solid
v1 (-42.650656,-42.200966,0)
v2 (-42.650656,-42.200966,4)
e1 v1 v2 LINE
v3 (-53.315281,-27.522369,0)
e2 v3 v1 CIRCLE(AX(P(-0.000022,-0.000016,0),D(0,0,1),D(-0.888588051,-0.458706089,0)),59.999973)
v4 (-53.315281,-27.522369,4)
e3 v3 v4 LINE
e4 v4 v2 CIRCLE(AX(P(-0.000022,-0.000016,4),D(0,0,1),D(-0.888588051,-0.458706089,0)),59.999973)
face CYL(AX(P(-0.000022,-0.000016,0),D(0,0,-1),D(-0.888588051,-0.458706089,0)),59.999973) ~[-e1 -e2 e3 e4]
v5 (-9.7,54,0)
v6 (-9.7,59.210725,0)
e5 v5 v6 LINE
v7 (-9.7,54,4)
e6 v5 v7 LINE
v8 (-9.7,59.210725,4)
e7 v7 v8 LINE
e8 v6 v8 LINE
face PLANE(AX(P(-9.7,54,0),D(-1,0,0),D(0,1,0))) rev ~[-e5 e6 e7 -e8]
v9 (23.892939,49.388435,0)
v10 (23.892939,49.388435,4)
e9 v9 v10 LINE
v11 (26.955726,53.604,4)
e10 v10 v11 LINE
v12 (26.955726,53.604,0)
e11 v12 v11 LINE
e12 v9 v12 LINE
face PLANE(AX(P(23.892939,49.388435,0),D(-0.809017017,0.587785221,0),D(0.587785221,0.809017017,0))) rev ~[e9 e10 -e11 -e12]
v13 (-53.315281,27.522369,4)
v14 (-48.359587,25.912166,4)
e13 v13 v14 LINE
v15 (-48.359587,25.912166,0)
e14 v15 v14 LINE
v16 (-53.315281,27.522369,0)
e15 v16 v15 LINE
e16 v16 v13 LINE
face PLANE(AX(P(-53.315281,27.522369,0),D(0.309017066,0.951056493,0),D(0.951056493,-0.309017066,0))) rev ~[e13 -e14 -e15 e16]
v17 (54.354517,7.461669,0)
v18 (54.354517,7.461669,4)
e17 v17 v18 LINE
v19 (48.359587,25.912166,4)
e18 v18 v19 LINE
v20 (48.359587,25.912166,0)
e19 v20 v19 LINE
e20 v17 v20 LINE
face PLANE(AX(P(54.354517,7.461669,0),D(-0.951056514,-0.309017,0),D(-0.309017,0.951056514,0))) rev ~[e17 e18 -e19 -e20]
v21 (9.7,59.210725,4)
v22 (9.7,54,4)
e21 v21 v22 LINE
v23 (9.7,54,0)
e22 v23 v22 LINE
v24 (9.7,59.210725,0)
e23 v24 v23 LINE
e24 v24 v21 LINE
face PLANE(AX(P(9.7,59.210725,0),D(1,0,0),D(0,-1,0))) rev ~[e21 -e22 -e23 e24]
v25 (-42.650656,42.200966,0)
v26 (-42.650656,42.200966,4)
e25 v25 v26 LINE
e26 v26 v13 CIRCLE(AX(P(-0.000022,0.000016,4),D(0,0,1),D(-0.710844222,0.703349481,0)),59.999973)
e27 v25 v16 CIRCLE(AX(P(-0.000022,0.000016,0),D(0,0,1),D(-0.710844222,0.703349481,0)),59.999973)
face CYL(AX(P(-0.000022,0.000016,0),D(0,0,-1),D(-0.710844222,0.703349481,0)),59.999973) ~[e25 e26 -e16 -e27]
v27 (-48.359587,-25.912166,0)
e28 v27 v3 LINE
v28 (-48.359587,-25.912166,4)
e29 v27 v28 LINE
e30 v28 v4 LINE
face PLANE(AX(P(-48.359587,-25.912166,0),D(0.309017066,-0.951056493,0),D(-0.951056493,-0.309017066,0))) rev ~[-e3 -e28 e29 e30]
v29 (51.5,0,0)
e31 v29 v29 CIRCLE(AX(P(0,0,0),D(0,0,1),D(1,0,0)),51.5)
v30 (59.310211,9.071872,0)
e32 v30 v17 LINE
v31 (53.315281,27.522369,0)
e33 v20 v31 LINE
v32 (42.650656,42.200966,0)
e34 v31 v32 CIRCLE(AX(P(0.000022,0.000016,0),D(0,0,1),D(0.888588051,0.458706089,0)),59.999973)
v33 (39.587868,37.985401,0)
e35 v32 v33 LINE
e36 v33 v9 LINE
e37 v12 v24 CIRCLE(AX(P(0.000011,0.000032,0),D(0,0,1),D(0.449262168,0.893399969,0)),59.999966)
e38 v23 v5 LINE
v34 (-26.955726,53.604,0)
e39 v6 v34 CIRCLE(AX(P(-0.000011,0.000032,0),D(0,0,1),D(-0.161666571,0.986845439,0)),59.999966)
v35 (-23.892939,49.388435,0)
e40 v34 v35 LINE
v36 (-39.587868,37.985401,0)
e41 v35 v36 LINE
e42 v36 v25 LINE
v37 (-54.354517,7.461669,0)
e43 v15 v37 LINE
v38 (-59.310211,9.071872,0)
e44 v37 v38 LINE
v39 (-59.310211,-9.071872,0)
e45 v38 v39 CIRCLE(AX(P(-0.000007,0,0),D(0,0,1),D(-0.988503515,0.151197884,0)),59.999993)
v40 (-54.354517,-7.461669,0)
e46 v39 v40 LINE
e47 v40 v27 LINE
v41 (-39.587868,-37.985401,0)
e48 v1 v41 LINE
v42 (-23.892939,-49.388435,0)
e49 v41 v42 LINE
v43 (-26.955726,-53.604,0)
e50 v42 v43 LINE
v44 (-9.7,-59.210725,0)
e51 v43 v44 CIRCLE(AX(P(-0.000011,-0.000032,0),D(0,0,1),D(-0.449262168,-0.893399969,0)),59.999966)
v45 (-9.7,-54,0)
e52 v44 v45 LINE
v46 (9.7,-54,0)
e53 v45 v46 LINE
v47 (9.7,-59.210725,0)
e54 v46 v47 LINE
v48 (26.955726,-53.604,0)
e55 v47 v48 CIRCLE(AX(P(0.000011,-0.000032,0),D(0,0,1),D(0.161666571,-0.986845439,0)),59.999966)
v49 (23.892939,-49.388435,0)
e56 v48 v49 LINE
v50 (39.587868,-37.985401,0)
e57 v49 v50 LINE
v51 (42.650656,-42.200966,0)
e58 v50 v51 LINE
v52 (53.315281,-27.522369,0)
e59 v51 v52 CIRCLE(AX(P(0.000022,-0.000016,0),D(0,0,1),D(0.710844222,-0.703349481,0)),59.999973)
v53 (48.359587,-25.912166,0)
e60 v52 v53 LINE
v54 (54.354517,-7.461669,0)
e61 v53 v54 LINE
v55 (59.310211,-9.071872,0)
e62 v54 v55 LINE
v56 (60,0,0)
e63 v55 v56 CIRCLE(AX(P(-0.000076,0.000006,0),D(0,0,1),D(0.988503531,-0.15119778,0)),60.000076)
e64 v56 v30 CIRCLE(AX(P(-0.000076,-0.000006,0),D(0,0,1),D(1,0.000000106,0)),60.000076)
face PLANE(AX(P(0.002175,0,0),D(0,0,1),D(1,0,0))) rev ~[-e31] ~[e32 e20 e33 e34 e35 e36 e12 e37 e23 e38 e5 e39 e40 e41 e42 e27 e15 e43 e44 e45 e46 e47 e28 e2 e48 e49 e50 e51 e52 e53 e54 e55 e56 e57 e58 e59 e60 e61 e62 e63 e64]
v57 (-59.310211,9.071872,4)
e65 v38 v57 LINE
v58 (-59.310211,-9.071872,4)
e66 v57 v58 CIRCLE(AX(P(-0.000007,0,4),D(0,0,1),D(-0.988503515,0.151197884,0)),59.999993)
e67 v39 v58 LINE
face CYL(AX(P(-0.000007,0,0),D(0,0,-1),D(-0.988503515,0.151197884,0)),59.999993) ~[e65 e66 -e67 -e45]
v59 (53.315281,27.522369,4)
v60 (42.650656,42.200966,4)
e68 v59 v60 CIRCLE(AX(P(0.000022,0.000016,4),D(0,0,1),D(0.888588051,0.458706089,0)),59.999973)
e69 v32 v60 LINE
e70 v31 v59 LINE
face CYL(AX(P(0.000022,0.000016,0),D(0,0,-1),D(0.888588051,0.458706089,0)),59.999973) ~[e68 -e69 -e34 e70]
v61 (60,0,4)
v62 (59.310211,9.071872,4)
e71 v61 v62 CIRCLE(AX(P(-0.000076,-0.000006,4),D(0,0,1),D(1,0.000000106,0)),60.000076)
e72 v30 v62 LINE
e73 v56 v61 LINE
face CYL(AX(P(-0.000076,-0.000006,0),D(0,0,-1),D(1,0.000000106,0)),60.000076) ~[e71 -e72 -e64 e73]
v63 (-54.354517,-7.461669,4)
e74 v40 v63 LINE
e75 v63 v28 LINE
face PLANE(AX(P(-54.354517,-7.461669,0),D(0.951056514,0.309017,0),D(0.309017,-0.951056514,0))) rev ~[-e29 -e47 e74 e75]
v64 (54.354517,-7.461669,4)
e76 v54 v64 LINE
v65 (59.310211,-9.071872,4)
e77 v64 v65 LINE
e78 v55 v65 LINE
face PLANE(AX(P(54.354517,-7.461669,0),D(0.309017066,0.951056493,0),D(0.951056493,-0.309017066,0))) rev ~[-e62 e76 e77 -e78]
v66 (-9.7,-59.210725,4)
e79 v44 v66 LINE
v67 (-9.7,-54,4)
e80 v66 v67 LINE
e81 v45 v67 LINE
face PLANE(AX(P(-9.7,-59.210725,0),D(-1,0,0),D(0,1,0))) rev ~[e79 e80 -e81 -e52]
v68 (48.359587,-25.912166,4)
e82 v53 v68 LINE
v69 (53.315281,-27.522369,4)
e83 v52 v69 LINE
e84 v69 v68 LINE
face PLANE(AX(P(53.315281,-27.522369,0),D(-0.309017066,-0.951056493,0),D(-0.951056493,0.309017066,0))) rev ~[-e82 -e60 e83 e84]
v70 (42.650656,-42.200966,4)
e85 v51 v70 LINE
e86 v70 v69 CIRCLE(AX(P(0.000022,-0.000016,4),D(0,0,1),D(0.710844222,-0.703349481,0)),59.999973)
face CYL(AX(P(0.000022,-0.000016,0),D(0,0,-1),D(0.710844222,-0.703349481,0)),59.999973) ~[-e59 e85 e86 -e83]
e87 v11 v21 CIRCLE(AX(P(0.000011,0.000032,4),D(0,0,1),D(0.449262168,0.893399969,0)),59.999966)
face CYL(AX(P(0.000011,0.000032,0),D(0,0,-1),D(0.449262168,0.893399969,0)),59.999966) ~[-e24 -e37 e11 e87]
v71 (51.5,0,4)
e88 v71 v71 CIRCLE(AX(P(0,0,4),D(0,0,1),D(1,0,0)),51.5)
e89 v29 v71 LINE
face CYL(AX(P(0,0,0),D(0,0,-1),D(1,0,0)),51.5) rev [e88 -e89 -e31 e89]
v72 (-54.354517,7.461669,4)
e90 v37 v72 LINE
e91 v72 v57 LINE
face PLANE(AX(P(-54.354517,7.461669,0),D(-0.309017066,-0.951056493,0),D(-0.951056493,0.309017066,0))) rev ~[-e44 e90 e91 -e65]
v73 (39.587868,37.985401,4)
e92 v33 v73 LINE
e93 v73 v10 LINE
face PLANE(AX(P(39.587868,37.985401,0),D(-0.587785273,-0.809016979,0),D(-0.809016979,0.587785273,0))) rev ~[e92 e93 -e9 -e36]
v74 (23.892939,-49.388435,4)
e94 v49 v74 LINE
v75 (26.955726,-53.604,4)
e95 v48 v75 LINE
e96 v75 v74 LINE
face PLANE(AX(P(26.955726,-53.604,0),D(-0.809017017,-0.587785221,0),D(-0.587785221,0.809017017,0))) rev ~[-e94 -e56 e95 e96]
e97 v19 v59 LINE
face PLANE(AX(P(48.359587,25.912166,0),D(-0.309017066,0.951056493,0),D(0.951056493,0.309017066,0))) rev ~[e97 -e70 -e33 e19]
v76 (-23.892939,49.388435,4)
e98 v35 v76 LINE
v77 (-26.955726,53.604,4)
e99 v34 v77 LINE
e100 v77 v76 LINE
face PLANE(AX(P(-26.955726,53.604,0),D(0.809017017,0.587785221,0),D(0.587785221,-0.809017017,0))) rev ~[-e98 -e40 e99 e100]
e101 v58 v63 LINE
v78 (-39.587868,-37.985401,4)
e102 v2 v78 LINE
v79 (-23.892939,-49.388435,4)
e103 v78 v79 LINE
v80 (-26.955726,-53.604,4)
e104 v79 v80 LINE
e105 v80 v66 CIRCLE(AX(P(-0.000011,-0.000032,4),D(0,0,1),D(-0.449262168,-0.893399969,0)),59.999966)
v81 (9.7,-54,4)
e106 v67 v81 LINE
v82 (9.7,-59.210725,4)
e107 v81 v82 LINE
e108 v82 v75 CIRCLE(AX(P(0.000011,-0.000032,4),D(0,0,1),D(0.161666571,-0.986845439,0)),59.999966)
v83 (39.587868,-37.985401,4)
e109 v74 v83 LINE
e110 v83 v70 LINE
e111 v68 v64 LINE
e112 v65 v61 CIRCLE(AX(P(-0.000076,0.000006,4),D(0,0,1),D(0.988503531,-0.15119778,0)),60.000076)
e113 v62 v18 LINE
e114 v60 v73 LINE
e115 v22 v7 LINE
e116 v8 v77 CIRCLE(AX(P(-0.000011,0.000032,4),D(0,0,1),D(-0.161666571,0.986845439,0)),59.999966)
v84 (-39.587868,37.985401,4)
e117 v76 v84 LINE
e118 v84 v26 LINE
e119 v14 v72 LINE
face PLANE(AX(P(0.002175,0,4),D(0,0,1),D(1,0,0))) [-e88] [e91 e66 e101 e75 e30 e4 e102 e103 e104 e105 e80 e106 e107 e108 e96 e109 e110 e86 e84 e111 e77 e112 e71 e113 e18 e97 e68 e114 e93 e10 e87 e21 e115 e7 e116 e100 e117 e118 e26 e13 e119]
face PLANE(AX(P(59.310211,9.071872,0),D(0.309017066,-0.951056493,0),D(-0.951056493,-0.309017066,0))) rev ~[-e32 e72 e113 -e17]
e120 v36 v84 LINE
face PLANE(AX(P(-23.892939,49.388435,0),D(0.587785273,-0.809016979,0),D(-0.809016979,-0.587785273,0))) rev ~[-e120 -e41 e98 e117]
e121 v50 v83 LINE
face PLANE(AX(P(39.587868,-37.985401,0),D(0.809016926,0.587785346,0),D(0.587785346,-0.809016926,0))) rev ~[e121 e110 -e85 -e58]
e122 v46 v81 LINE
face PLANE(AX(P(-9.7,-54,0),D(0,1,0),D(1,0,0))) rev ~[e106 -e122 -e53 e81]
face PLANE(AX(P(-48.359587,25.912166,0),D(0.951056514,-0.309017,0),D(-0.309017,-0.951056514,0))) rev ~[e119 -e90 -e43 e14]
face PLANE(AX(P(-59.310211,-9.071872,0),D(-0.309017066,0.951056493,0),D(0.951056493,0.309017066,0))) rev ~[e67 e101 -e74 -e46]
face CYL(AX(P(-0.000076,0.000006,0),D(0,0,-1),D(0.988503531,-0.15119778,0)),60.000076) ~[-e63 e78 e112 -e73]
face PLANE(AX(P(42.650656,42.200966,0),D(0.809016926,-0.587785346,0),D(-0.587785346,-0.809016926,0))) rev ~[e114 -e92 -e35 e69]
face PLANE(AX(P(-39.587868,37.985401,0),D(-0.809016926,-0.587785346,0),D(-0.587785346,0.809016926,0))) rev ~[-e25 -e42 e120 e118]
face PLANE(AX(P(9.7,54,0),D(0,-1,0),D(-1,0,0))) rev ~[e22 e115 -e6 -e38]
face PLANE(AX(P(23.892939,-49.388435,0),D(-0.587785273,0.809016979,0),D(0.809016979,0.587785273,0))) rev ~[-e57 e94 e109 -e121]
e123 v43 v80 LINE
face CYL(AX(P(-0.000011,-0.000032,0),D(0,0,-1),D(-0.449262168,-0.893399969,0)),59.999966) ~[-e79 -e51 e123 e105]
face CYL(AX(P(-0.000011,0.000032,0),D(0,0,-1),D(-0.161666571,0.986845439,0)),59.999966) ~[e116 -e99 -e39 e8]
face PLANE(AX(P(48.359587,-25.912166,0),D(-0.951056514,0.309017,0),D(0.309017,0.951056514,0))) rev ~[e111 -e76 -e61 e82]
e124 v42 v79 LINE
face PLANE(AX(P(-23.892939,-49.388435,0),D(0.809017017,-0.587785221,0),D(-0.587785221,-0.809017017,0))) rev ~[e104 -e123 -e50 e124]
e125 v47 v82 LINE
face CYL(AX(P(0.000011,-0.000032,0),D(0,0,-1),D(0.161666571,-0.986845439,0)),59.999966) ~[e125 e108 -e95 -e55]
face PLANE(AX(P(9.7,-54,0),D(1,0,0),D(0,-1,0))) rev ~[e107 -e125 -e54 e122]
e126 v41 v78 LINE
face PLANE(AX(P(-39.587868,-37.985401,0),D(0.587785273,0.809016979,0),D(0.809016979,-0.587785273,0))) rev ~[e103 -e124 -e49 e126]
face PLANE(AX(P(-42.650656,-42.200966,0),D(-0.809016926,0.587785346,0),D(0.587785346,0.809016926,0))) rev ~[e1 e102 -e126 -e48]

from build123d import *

# Parameters (mm, degrees)
F1_R     = 51.5
F2_DEPTH = 4


with BuildPart() as f2:
    # F1 (on Top) → F2 (new body)
    with BuildSketch(Plane.XY):
        with BuildLine():
            ThreePointArc((59.310211, -9.071872), (59.827304, -4.549029), (60, 0))
            ThreePointArc((60, 0), (59.827304, 4.549029), (59.310211, 9.071872))
            Line((59.310211, 9.071872), (54.354517, 7.461669))
            Line((54.354517, 7.461669), (48.359587, 25.912166))
            Line((48.359587, 25.912166), (53.315281, 27.522369))
            ThreePointArc((53.315281, 27.522369), (48.54102, 35.267115), (42.650656, 42.200966))
            Line((42.650656, 42.200966), (39.587868, 37.985401))
            Line((39.587868, 37.985401), (23.892939, 49.388435))
            Line((23.892939, 49.388435), (26.955726, 53.604))
            ThreePointArc((26.955726, 53.604), (18.54102, 57.063391), (9.7, 59.210725))
            Line((9.7, 59.210725), (9.7, 54))
            Line((9.7, 54), (-9.7, 54))
            Line((-9.7, 54), (-9.7, 59.210725))
            ThreePointArc((-9.7, 59.210725), (-18.54102, 57.063391), (-26.955726, 53.604))
            Line((-26.955726, 53.604), (-23.892939, 49.388435))
            Line((-23.892939, 49.388435), (-39.587868, 37.985401))
            Line((-39.587868, 37.985401), (-42.650656, 42.200966))
            ThreePointArc((-42.650656, 42.200966), (-48.54102, 35.267115), (-53.315281, 27.522369))
            Line((-53.315281, 27.522369), (-48.359587, 25.912166))
            Line((-48.359587, 25.912166), (-54.354517, 7.461669))
            Line((-54.354517, 7.461669), (-59.310211, 9.071872))
            ThreePointArc((-59.310211, 9.071872), (-60, 0), (-59.310211, -9.071872))
            Line((-59.310211, -9.071872), (-54.354517, -7.461669))
            Line((-54.354517, -7.461669), (-48.359587, -25.912166))
            Line((-48.359587, -25.912166), (-53.315281, -27.522369))
            ThreePointArc((-53.315281, -27.522369), (-48.54102, -35.267115), (-42.650656, -42.200966))
            Line((-42.650656, -42.200966), (-39.587868, -37.985401))
            Line((-39.587868, -37.985401), (-23.892939, -49.388435))
            Line((-23.892939, -49.388435), (-26.955726, -53.604))
            ThreePointArc((-26.955726, -53.604), (-18.54102, -57.063391), (-9.7, -59.210725))
            Line((-9.7, -59.210725), (-9.7, -54))
            Line((-9.7, -54), (9.7, -54))
            Line((9.7, -54), (9.7, -59.210725))
            ThreePointArc((9.7, -59.210725), (18.54102, -57.063391), (26.955726, -53.604))
            Line((26.955726, -53.604), (23.892939, -49.388435))
            Line((23.892939, -49.388435), (39.587868, -37.985401))
            Line((39.587868, -37.985401), (42.650656, -42.200966))
            ThreePointArc((42.650656, -42.200966), (48.54102, -35.267115), (53.315281, -27.522369))
            Line((53.315281, -27.522369), (48.359587, -25.912166))
            Line((48.359587, -25.912166), (54.354517, -7.461669))
            Line((54.354517, -7.461669), (59.310211, -9.071872))
        make_face()
        Circle(F1_R, mode=Mode.SUBTRACT)
    extrude(amount=F2_DEPTH)


solid = f2.part
